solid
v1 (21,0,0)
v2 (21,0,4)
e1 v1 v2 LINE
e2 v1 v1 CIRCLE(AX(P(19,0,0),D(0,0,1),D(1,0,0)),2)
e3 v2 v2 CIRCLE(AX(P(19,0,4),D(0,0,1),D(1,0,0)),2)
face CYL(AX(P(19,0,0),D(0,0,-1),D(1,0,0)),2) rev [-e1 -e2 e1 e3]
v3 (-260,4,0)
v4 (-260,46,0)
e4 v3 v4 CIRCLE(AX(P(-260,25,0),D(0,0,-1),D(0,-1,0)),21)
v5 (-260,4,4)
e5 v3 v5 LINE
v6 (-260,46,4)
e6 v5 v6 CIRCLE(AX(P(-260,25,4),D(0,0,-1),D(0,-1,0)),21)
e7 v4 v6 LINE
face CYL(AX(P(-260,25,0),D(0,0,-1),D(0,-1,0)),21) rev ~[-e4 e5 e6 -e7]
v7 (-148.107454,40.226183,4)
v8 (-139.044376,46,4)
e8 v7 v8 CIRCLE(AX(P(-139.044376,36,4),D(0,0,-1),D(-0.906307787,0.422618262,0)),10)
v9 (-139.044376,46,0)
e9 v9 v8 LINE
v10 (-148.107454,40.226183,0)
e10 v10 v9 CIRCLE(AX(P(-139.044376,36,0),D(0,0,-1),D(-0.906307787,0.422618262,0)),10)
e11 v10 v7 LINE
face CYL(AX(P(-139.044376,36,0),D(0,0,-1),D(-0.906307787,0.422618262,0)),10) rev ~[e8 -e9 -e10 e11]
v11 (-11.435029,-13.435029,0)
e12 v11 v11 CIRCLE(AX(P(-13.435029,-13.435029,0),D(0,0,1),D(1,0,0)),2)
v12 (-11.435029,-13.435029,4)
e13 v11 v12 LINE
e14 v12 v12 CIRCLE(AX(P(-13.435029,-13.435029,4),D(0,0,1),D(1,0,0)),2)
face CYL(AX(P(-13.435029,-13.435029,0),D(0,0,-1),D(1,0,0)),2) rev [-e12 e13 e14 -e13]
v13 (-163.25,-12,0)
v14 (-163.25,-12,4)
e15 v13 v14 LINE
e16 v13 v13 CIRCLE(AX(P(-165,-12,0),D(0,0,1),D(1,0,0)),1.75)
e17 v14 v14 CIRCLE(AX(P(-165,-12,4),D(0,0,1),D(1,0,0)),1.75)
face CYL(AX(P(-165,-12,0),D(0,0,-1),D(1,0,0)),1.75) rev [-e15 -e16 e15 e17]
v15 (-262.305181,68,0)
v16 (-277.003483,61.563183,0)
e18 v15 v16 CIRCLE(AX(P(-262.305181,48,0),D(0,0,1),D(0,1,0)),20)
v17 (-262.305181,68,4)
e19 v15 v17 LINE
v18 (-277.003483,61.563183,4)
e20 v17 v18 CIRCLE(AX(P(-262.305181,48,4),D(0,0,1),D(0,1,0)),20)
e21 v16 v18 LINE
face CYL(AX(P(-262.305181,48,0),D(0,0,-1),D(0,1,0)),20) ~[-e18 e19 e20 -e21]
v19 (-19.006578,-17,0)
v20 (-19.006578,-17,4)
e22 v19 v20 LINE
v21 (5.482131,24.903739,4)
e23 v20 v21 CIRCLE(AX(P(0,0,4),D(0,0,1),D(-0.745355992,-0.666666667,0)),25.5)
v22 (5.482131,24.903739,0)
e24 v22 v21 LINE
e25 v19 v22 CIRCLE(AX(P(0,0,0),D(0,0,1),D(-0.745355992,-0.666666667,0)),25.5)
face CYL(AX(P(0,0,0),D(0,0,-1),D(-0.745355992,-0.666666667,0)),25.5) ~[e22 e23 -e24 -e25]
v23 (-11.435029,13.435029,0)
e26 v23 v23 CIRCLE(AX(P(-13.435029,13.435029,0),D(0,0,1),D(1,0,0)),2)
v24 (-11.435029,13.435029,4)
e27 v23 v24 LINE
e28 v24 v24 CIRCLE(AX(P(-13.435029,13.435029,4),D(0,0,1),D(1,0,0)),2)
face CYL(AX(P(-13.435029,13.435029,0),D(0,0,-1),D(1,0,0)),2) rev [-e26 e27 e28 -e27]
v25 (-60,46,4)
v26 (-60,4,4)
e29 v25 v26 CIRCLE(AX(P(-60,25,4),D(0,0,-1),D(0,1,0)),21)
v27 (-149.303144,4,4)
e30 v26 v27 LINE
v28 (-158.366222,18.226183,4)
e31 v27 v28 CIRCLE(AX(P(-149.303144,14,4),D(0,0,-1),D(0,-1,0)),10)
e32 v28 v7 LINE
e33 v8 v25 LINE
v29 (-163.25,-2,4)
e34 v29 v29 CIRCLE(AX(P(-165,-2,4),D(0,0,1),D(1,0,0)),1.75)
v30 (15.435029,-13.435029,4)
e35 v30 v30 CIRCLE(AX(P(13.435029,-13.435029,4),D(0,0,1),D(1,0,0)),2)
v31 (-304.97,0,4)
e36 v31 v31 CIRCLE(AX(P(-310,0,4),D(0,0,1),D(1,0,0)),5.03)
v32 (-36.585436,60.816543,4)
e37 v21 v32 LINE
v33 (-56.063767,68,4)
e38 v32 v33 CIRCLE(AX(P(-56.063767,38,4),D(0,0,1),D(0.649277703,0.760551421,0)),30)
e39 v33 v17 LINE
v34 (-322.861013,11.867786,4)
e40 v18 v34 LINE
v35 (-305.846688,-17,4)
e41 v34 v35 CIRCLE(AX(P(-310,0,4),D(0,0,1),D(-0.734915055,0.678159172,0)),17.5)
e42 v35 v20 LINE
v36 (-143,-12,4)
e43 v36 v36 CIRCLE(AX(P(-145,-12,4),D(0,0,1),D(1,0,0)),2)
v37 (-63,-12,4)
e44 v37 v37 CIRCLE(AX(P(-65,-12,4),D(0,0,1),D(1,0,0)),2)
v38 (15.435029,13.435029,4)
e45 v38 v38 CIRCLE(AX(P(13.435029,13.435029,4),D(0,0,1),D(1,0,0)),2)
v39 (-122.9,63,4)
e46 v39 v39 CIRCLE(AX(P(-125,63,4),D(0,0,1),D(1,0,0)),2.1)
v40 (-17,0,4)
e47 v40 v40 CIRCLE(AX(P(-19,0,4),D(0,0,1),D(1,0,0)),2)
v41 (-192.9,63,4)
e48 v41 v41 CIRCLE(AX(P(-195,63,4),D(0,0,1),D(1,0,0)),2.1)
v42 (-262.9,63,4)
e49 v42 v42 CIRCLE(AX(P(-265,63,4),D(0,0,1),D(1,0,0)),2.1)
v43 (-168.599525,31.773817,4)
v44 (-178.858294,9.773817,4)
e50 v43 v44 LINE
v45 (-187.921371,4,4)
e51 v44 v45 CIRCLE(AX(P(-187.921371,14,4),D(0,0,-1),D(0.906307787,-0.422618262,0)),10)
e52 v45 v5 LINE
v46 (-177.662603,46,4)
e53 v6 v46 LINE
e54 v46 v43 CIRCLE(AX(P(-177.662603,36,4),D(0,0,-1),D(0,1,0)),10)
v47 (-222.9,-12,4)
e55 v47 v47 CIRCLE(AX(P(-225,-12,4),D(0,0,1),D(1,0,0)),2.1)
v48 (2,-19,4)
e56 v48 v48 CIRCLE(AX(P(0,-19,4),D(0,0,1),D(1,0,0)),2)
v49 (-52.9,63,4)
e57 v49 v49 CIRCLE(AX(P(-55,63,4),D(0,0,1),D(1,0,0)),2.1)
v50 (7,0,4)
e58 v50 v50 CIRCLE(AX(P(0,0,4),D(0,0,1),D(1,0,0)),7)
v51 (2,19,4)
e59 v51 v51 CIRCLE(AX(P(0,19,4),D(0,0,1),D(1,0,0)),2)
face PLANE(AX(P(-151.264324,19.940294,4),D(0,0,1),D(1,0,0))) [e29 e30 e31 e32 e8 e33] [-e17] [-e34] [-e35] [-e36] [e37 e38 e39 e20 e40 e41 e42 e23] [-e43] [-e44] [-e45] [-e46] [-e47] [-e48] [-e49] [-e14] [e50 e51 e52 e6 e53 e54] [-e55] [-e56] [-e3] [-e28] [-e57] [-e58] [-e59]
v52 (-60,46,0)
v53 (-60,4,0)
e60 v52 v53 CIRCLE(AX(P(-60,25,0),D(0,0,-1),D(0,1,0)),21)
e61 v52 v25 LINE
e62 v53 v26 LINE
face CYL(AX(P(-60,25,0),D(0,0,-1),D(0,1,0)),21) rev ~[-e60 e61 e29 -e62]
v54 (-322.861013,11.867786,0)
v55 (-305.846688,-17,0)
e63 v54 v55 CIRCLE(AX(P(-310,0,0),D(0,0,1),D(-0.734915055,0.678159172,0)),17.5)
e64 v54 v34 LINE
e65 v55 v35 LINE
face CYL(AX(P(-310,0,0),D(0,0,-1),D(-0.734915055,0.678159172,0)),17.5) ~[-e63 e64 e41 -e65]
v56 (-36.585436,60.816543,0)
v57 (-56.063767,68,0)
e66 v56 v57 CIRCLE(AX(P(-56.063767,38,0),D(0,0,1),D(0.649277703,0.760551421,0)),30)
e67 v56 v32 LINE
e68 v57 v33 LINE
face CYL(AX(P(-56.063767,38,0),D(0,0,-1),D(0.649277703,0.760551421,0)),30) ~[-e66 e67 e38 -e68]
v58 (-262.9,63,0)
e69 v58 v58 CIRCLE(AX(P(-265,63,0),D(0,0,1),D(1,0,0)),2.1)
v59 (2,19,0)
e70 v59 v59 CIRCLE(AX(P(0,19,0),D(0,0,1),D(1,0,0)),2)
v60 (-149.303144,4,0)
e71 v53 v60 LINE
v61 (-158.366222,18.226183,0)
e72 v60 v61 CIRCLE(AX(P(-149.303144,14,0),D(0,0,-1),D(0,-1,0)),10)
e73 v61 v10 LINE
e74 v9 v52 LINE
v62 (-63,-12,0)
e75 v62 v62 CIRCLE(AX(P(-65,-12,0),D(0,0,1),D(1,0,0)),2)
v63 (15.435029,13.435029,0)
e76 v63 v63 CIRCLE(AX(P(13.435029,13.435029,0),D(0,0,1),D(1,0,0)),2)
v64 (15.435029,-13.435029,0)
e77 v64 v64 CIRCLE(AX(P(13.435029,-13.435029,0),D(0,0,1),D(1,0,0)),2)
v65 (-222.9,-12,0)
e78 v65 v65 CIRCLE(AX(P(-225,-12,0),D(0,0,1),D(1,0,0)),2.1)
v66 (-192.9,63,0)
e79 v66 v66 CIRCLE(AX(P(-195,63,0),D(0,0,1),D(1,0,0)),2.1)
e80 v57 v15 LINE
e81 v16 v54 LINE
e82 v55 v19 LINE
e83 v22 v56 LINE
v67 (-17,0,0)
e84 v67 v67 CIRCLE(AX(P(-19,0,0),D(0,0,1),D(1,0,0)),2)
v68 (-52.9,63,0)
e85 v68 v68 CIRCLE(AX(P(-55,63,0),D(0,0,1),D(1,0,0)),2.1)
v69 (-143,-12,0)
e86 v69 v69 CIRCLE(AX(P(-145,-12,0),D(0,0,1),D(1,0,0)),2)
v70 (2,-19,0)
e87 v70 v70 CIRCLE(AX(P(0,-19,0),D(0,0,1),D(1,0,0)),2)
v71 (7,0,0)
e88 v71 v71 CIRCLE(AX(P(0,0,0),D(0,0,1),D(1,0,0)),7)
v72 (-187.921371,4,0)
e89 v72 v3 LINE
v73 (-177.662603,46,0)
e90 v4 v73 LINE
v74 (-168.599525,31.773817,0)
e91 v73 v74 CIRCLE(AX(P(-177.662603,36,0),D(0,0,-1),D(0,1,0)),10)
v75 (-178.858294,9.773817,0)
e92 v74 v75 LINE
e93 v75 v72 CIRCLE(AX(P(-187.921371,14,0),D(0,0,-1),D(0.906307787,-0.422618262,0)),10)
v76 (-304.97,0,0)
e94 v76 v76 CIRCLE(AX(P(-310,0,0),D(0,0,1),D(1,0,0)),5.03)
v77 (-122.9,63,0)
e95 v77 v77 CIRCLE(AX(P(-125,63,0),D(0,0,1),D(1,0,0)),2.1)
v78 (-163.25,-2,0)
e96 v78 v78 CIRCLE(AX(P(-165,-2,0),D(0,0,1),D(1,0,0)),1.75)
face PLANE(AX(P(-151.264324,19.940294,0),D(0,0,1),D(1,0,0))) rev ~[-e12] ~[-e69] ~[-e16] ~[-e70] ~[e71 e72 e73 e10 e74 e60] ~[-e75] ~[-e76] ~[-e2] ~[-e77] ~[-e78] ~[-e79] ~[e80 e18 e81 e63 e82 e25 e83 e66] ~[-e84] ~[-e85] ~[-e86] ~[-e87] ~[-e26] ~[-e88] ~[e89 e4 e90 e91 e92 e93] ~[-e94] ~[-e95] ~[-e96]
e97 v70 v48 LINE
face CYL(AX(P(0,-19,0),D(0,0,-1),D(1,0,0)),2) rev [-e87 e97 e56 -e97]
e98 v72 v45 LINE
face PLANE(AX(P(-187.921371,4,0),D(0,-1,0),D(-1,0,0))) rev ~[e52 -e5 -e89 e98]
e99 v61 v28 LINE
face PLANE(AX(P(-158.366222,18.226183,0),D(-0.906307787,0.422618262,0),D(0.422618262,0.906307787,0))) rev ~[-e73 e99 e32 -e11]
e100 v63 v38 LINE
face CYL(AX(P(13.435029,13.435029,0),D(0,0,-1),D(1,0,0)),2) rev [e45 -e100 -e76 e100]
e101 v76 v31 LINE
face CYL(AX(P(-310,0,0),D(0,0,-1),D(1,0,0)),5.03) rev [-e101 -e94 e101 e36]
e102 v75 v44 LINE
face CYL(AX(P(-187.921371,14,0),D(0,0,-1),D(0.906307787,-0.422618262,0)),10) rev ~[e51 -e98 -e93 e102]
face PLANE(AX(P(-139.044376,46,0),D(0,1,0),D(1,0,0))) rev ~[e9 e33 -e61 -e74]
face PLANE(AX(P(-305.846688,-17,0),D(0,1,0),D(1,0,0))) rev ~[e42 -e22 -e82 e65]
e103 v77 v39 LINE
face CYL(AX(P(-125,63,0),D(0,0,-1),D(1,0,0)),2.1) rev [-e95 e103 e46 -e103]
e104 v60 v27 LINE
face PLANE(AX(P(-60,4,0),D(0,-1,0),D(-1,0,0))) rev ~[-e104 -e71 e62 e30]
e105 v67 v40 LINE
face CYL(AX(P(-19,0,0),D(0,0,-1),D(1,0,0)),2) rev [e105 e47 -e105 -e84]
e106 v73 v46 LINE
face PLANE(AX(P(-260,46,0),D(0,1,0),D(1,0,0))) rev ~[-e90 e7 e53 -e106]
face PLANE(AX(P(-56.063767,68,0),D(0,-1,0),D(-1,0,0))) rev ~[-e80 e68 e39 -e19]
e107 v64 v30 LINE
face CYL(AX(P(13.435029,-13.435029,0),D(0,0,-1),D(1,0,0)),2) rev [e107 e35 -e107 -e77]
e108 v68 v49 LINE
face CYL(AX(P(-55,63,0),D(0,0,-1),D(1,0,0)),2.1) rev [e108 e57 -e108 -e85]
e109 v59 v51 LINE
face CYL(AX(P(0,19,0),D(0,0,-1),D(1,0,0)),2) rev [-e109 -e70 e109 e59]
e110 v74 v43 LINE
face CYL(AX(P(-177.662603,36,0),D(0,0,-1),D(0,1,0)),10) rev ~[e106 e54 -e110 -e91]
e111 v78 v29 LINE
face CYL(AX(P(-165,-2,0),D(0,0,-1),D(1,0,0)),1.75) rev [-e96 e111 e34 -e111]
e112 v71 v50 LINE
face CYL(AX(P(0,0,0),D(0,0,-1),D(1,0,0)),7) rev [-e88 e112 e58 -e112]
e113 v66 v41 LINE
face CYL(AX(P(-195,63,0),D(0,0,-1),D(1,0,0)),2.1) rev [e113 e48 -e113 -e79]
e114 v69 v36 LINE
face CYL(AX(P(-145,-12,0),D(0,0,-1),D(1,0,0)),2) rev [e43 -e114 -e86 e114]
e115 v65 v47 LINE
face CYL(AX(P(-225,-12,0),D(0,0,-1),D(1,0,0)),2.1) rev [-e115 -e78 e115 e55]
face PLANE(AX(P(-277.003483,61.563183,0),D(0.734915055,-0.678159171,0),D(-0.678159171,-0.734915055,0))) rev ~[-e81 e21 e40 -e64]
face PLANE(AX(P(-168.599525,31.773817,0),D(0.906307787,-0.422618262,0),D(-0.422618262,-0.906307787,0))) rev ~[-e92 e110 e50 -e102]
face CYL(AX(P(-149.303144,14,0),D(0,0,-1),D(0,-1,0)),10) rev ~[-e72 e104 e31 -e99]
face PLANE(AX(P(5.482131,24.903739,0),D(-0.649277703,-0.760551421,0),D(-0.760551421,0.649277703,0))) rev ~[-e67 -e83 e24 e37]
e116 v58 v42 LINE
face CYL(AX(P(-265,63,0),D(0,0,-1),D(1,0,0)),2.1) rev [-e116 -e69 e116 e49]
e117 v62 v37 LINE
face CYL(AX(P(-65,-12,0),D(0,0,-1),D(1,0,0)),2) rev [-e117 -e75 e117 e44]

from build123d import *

# Parameters (mm, degrees)
SKETCH_2_R      = 2.1
SKETCH_2_R_2    = 1.75
SKETCH_2_R_3    = 5.03
SKETCH_2_R_4    = 2
SKETCH_2_R_5    = 7
EXTRUDE_1_DEPTH = 4


with BuildPart() as part:
    # 草图2 → 凸台-拉伸1 (new body)
    with BuildSketch(Plane.XY):
        with BuildLine():
            Line((-56.063767215, 68), (-262.305181408, 68))
            ThreePointArc((-262.305181408, 68), (-270.328158767, 66.320257484), (-277.003482509, 61.56318343))
            Line((-277.003482509, 61.56318343), (-322.861013463, 11.867785501))
            ThreePointArc((-322.861013463, 11.867785501), (-325.076248752, -8.885759595), (-305.846688069, -17))
            Line((-305.846688069, -17), (-19.006577809, -17))
            ThreePointArc((-19.006577809, -17), (22.016096561, -12.86629287), (5.482131266, 24.903739414))
            Line((5.482131266, 24.903739414), (-36.585436121, 60.816542635))
            ThreePointArc((-36.585436121, 60.816542635), (-45.683407853, 66.146902841), (-56.063767215, 68))
        make_face()
        with Locations((-225, -12)):
            Circle(SKETCH_2_R, mode=Mode.SUBTRACT)
        with Locations((-165, -12)):
            Circle(SKETCH_2_R_2, mode=Mode.SUBTRACT)
        with Locations((-310, 0)):
            Circle(SKETCH_2_R_3, mode=Mode.SUBTRACT)
        with Locations((-165, -2)):
            Circle(SKETCH_2_R_2, mode=Mode.SUBTRACT)
        with Locations((-145, -12)):
            Circle(SKETCH_2_R_4, mode=Mode.SUBTRACT)
        with Locations((-65, -12)):
            Circle(SKETCH_2_R_4, mode=Mode.SUBTRACT)
        with Locations((0, -19)):
            Circle(SKETCH_2_R_4, mode=Mode.SUBTRACT)
        with Locations((-13.435028843, -13.435028843)):
            Circle(SKETCH_2_R_4, mode=Mode.SUBTRACT)
        with Locations((13.435028843, -13.435028843)):
            Circle(SKETCH_2_R_4, mode=Mode.SUBTRACT)
        with Locations((-19, 0)):
            Circle(SKETCH_2_R_4, mode=Mode.SUBTRACT)
        Circle(SKETCH_2_R_5, mode=Mode.SUBTRACT)
        with Locations((19, 0)):
            Circle(SKETCH_2_R_4, mode=Mode.SUBTRACT)
        with Locations((-13.435028843, 13.435028843)):
            Circle(SKETCH_2_R_4, mode=Mode.SUBTRACT)
        with Locations((13.435028843, 13.435028843)):
            Circle(SKETCH_2_R_4, mode=Mode.SUBTRACT)
        with Locations((0, 19)):
            Circle(SKETCH_2_R_4, mode=Mode.SUBTRACT)
        with BuildLine():
            Line((-168.599525043, 31.773817383), (-178.858293522, 9.773817383))
            ThreePointArc((-178.858293522, 9.773817383), (-182.548375309, 5.566085542), (-187.921371393, 4))
            Line((-187.921371393, 4), (-260, 4))
            ThreePointArc((-260, 4), (-281, 25), (-260, 46))
            Line((-260, 46), (-177.662602913, 46))
            ThreePointArc((-177.662602913, 46), (-169.228688455, 41.372996083), (-168.599525043, 31.773817383))
        make_face(mode=Mode.SUBTRACT)
        with Locations((-265, 63)):
            Circle(SKETCH_2_R, mode=Mode.SUBTRACT)
        with Locations((-195, 63)):
            Circle(SKETCH_2_R, mode=Mode.SUBTRACT)
        with BuildLine():
            Line((-60, 4), (-149.303144229, 4))
            ThreePointArc((-149.303144229, 4), (-157.737058687, 8.627003917), (-158.366222099, 18.226182617))
            Line((-158.366222099, 18.226182617), (-148.10745362, 40.226182617))
            ThreePointArc((-148.10745362, 40.226182617), (-144.417371833, 44.433914458), (-139.044375749, 46))
            Line((-139.044375749, 46), (-60, 46))
            ThreePointArc((-60, 46), (-39, 25), (-60, 4))
        make_face(mode=Mode.SUBTRACT)
        with Locations((-125, 63)):
            Circle(SKETCH_2_R, mode=Mode.SUBTRACT)
        with Locations((-55, 63)):
            Circle(SKETCH_2_R, mode=Mode.SUBTRACT)
    extrude(amount=EXTRUDE_1_DEPTH)


solid = part.part
